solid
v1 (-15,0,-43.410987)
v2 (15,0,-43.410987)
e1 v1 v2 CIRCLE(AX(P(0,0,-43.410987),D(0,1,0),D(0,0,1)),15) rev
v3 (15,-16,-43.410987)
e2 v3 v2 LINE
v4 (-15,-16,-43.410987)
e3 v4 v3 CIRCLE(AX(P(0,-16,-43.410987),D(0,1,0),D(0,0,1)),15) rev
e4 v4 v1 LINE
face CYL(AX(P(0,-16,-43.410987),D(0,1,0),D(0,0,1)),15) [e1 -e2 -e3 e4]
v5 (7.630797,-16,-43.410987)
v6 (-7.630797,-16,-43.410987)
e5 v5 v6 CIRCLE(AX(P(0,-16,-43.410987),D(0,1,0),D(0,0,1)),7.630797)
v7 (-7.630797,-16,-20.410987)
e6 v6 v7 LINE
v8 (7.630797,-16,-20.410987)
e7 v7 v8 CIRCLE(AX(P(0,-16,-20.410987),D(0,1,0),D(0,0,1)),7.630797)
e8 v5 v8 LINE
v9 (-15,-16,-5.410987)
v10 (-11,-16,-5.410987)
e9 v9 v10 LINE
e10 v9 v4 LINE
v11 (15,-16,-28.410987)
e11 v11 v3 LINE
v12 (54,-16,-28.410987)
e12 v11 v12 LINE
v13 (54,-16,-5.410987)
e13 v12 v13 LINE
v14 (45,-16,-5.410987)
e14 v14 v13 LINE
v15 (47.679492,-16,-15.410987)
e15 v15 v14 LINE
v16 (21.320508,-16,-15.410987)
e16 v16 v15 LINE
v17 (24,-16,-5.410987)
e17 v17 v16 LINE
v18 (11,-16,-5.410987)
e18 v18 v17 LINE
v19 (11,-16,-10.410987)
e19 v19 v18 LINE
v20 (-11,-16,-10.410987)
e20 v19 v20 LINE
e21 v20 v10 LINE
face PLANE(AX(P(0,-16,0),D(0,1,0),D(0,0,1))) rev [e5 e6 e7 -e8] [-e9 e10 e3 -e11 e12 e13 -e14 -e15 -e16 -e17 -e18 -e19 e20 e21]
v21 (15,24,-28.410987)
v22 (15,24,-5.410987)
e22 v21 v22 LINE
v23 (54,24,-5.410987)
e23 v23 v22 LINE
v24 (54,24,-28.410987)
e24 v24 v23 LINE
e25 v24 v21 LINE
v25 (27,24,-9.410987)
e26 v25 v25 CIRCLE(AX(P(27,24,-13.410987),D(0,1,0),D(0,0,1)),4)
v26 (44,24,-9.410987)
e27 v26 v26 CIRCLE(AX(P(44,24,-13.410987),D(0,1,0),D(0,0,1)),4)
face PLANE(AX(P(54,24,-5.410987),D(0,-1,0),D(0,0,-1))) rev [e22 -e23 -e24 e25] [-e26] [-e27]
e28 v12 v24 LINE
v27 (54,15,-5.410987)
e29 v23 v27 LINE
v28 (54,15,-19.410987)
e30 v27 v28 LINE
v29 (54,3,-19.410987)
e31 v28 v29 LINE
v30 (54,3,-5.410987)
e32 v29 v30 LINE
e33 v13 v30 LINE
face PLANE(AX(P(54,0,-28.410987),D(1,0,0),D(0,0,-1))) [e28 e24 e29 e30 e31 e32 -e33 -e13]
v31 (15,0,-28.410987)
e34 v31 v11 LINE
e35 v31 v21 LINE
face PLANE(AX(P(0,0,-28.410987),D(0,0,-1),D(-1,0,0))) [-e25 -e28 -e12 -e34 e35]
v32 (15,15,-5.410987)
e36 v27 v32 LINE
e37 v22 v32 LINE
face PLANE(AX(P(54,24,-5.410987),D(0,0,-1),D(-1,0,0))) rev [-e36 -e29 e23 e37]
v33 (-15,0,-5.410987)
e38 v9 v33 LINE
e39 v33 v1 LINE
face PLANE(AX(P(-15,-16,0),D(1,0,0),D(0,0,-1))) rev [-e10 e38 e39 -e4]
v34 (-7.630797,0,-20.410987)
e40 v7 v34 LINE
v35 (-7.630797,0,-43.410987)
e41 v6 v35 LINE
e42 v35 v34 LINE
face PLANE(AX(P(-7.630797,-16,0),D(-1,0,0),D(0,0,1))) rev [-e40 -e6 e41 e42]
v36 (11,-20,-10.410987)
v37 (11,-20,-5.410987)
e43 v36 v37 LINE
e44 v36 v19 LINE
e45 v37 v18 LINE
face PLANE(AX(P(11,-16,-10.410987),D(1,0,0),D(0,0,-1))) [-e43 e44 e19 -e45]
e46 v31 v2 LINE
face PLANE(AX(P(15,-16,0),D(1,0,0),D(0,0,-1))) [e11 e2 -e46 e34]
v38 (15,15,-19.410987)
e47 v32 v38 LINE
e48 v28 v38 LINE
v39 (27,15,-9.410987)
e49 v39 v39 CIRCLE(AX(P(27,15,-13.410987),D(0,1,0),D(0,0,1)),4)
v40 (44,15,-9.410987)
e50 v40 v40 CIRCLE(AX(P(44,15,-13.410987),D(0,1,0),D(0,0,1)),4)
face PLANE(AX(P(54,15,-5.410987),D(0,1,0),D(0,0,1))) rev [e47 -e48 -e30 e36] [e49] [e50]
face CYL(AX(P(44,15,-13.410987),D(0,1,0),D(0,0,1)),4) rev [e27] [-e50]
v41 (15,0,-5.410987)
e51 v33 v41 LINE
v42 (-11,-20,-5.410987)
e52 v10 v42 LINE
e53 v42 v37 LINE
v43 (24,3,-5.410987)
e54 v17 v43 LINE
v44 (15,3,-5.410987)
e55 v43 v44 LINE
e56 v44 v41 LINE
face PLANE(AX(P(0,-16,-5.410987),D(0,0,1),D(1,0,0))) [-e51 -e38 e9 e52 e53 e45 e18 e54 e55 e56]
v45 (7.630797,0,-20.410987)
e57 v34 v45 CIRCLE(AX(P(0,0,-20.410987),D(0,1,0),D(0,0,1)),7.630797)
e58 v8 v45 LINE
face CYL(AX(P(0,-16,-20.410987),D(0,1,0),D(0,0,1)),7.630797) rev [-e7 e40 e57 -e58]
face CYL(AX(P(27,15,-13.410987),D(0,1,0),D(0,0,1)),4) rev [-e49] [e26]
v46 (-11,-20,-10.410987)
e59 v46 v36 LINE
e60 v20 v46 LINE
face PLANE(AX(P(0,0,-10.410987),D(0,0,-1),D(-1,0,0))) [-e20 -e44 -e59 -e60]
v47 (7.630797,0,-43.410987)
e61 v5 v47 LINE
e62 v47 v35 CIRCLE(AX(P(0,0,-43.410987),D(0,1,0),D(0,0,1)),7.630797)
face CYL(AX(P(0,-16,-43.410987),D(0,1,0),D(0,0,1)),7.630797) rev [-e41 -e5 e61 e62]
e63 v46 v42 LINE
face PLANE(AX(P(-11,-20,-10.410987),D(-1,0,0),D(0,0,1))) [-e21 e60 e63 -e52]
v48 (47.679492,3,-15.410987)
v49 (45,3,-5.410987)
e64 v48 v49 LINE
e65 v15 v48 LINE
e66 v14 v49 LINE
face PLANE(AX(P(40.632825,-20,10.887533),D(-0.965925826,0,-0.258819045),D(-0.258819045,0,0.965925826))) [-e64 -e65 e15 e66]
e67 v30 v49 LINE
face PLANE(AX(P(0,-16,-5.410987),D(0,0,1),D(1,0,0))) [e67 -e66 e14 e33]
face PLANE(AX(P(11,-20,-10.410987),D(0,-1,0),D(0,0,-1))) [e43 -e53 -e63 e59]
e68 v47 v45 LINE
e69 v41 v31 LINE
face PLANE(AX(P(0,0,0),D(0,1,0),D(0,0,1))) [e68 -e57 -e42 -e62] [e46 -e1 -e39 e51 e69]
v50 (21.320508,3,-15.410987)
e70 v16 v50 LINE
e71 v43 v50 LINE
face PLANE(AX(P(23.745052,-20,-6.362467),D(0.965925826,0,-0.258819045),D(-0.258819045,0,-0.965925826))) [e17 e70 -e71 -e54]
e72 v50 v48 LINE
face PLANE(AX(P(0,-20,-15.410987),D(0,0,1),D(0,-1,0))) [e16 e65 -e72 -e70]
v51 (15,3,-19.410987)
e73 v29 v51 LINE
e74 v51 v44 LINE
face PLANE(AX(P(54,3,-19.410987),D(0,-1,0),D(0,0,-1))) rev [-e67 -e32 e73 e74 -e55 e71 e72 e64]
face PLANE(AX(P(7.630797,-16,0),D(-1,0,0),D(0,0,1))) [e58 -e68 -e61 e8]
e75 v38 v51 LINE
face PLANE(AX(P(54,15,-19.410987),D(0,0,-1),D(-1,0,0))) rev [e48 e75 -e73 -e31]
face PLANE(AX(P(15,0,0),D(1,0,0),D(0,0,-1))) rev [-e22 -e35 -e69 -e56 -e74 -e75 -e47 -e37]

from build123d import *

# Parameters (mm, degrees)
BOSS_EXTRUDE1_DEPTH = 16
BOSS_EXTRUDE2_DEPTH = 39
SKETCH5_R           = 4
CUT_EXTRUDE1_DEPTH  = 9
SKETCH7_W           = 39
SKETCH7_H           = 16
BOSS_EXTRUDE3_DEPTH = 23
CUT_EXTRUDE2_DEPTH  = 23
SKETCH10_W          = 22
SKETCH10_H          = 4
BOSS_EXTRUDE4_DEPTH = 5


with BuildPart() as part:
    # Sketch2 → Boss-Extrude1 (new body)
    with BuildSketch(Plane(origin=(0, 0, 0), x_dir=(1, 0, 0), z_dir=(0, 1, 0))):
        with BuildLine():
            Line((-15, 43.410987083), (-15, 5.410987083))
            Line((-15, 5.410987083), (15, 5.410987083))
            Line((15, 5.410987083), (15, 43.410987083))
            Line((15, 43.410987083), (7.630797424, 43.410987083))
            Line((7.630797424, 43.410987083), (7.630797424, 20.410987083))
            ThreePointArc((7.630797424, 20.410987083), (0, 12.780189659), (-7.630797424, 20.410987083))
            Line((-7.630797424, 20.410987083), (-7.630797424, 43.410987083))
            Line((-7.630797424, 43.410987083), (-15, 43.410987083))
        make_face()
        with BuildLine():
            ThreePointArc((15, 43.410987083), (0, 58.410987083), (-15, 43.410987083))
            Line((-15, 43.410987083), (-7.630797424, 43.410987083))
            ThreePointArc((-7.630797424, 43.410987083), (0, 51.041784507), (7.630797424, 43.410987083))
            Line((7.630797424, 43.410987083), (15, 43.410987083))
        make_face()
    extrude(amount=-BOSS_EXTRUDE1_DEPTH)



with BuildPart() as body_2:
    # Sketch4 → Boss-Extrude2 (new body)
    with BuildSketch(Plane(origin=(15, 0, 0), x_dir=(0, 0, -1), z_dir=(1, 0, 0))):
        Polygon((5.410987083, 24), (5.410987083, 15), (19.410987083, 15), (19.410987083, 3), (5.410987083, 3), (5.410987083, 0), (28.410987083, 0), (28.410987083, 24), align=None)
    extrude(amount=BOSS_EXTRUDE2_DEPTH)

    # Sketch5 → Cut-Extrude1 (cut)
    with BuildSketch(Plane(origin=(0, 24, 0), x_dir=(1, 0, 0), z_dir=(0, 1, 0))):
        with Locations(Location((27, 13.410987083, 0), (0, 0, 270))):
            Circle(SKETCH5_R)
        with Locations(Location((44, 13.410987083, 0), (0, 0, 270))):
            Circle(SKETCH5_R)
    extrude(amount=-CUT_EXTRUDE1_DEPTH, mode=Mode.SUBTRACT)


with BuildPart() as part_1:
    add(part.part)

    add(body_2.part)  # Boss-Extrude3 merges body 2
    # Sketch7 → Boss-Extrude3 (add)
    with BuildSketch(Plane.XY.offset(-5.410987083)):
        with Locations((34.5, -8)):
            Rectangle(SKETCH7_W, SKETCH7_H)
    extrude(amount=-BOSS_EXTRUDE3_DEPTH)

    # Sketch9 → Cut-Extrude2 (cut)
    with BuildSketch(Plane(origin=(0, 3, 0), x_dir=(1, 0, 0), z_dir=(0, 1, 0))):
        Polygon((21.320508076, 15.410987083), (24, 5.410987083), (45, 5.410987083), (47.679491924, 15.410987083), align=None)
    extrude(amount=-CUT_EXTRUDE2_DEPTH, mode=Mode.SUBTRACT)

    # Sketch10 → Boss-Extrude4 (add)
    with BuildSketch(Plane.XY.offset(-5.410987083)):
        with Locations((0, -18)):
            Rectangle(SKETCH10_W, SKETCH10_H)
    extrude(amount=-BOSS_EXTRUDE4_DEPTH)


solid = part_1.part
